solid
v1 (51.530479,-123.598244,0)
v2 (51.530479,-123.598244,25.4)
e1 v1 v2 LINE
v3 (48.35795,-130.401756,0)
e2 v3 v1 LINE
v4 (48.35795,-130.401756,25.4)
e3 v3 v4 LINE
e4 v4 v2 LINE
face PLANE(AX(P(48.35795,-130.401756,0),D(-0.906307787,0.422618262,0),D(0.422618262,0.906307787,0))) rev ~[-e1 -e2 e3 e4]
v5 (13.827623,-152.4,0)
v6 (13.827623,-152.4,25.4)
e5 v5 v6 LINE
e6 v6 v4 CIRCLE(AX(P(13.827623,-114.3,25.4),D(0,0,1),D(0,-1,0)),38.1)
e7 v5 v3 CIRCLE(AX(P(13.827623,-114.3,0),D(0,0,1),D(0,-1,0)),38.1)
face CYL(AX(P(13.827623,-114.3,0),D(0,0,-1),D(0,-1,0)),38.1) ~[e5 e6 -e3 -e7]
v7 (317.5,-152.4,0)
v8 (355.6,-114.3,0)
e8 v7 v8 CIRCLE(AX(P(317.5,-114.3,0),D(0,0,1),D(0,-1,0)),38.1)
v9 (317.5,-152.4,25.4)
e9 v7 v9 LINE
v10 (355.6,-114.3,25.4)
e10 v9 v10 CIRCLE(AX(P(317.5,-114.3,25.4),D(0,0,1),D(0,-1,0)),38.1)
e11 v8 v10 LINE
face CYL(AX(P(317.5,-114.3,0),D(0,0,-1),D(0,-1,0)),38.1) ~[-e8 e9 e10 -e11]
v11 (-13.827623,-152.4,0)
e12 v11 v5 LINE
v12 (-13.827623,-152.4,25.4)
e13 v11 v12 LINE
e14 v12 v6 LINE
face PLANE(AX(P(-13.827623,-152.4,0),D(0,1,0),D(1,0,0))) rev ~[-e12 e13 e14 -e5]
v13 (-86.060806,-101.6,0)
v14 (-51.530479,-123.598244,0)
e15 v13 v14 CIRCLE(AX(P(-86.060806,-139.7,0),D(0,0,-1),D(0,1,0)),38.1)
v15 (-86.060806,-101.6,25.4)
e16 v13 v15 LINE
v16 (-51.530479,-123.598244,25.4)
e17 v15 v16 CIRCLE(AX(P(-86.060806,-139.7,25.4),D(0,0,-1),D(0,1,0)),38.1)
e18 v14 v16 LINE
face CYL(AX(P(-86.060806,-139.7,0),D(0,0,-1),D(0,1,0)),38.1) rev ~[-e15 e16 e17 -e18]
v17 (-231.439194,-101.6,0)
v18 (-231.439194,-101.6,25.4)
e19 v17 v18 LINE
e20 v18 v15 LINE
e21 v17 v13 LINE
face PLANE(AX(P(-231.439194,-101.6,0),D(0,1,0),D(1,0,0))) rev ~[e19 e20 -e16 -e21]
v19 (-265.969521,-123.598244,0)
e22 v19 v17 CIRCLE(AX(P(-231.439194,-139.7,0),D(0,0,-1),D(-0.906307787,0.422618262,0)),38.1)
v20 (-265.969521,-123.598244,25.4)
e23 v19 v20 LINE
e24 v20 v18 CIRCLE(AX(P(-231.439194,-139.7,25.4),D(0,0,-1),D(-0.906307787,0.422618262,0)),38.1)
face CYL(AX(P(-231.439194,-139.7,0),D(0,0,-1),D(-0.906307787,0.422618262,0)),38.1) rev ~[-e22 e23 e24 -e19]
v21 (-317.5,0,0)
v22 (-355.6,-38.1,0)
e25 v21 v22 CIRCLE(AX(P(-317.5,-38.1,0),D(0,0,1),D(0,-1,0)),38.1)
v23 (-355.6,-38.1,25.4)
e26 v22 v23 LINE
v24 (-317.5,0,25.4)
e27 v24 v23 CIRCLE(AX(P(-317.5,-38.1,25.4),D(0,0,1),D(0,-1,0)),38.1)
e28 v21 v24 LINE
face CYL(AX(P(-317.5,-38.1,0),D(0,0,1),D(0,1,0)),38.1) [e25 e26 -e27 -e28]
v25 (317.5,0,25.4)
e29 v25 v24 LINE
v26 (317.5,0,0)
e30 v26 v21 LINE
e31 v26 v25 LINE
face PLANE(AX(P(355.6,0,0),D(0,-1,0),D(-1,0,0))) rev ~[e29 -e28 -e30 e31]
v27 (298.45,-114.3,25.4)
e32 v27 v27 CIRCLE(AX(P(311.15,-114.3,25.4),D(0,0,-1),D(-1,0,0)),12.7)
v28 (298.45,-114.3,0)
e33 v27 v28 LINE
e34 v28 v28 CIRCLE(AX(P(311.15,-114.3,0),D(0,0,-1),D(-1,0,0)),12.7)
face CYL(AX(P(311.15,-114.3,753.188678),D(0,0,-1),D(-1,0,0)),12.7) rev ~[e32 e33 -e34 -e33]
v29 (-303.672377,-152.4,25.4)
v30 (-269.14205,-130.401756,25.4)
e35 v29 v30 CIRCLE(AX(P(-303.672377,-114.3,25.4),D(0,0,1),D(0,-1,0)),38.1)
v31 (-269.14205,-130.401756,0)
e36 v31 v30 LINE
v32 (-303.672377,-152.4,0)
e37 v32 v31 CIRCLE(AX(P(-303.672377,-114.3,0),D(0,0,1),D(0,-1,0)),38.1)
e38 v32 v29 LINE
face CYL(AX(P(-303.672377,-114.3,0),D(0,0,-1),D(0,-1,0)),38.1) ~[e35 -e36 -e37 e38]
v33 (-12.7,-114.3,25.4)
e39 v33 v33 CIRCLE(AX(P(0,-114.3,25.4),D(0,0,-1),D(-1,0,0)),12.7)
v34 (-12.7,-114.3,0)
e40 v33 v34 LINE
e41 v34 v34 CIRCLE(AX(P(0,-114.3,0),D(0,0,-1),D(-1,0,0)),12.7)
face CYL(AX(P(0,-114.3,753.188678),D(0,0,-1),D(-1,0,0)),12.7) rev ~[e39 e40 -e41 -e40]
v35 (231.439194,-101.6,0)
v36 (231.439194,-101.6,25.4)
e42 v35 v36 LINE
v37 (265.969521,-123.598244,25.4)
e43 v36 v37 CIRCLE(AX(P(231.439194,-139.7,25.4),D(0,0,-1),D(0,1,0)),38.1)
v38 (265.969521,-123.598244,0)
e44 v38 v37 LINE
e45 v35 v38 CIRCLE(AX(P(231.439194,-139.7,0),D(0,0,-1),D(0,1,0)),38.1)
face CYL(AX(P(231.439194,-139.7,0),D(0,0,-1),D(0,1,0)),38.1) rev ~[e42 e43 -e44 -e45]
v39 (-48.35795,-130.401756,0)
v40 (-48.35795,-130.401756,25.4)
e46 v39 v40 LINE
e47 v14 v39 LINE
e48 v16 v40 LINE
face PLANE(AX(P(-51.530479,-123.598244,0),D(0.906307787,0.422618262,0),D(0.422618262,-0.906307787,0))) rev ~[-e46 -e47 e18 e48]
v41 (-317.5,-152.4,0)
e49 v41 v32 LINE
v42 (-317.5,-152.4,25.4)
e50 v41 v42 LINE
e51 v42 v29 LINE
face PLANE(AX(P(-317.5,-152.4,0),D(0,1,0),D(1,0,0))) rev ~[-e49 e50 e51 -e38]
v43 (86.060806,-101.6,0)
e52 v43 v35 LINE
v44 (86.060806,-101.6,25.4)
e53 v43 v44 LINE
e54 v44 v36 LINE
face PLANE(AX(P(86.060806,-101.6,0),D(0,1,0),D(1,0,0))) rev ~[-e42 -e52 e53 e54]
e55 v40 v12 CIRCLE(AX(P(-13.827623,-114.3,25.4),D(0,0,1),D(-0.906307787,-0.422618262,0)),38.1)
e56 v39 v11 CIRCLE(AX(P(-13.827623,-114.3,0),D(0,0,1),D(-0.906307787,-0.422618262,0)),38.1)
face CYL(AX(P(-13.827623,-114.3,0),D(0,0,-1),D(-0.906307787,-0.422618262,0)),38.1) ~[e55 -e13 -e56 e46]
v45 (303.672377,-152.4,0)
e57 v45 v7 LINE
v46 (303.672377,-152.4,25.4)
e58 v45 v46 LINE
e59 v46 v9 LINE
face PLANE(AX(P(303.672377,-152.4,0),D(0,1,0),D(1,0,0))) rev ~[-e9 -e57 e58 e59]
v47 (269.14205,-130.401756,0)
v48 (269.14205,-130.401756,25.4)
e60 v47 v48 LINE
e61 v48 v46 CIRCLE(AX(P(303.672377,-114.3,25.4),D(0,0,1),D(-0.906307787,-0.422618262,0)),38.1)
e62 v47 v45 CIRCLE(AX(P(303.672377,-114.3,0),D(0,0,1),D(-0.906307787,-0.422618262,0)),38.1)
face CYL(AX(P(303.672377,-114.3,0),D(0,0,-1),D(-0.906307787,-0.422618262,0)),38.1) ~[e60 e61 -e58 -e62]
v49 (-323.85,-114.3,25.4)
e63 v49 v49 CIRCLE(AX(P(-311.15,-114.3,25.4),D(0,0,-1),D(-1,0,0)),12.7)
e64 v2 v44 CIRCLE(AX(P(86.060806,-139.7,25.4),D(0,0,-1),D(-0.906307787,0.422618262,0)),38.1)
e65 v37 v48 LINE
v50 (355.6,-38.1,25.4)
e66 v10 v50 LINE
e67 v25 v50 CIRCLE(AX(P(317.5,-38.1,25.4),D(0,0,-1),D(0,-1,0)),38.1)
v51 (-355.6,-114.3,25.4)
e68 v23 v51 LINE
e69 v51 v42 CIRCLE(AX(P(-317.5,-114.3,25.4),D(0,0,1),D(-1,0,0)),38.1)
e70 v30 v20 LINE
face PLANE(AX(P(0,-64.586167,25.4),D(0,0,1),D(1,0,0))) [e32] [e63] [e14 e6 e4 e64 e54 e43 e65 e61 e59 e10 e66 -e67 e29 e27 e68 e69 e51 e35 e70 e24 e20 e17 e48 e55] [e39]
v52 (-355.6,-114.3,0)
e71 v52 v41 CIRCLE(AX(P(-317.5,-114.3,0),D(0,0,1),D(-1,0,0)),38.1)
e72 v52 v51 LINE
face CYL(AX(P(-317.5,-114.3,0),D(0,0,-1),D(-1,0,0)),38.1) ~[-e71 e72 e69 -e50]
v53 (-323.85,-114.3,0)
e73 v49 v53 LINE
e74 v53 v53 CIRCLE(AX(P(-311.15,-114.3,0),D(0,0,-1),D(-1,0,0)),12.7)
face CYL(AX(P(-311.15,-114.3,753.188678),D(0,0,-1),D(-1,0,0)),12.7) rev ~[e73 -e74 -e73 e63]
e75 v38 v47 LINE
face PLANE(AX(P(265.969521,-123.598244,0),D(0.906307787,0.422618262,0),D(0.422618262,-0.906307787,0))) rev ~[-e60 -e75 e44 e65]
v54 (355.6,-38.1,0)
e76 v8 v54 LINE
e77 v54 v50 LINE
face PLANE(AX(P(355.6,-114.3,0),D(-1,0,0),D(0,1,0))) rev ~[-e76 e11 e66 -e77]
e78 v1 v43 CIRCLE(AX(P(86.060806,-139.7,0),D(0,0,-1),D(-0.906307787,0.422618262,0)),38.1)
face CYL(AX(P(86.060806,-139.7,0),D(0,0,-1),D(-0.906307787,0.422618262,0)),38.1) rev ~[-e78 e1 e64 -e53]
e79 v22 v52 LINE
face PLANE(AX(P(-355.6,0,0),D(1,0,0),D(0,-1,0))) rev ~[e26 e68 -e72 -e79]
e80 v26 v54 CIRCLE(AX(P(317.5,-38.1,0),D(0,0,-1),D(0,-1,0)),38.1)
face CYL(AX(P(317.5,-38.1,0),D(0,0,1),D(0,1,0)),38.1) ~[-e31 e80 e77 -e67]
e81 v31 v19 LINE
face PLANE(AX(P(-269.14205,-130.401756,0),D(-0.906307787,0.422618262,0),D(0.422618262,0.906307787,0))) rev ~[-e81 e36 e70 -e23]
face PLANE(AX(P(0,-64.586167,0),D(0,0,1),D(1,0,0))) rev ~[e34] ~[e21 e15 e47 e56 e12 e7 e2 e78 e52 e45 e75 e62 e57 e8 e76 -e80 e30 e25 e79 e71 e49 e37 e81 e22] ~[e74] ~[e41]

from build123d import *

# Parameters (mm, degrees)
F1_DEPTH = 25.4
F2_R     = 38.1
F4_D     = 25.4


with BuildPart() as f1:
    # F0 (on Top) → F1 (new body)
    with BuildSketch(Plane.XY):
        with BuildLine():
            Line((355.6, 0), (-355.6, 0))
            Line((-355.6, 0), (-355.6, -114.3))
            ThreePointArc((-355.6, -114.3), (-344.4407683632, -141.2407683632), (-317.5, -152.4))
            Line((-317.5, -152.4), (-303.6723769368, -152.4))
            ThreePointArc((-303.6723769368, -152.4), (-283.2012618588, -146.4332140855), (-269.1420502507, -130.4017557723))
            Line((-269.1420502507, -130.4017557723), (-265.9695207151, -123.5982442277))
            ThreePointArc((-265.9695207151, -123.5982442277), (-251.910309107, -107.5667859145), (-231.439194029, -101.6))
            Line((-231.439194029, -101.6), (-86.060805971, -101.6))
            ThreePointArc((-86.060805971, -101.6), (-65.589690893, -107.5667859145), (-51.5304792849, -123.5982442277))
            Line((-51.5304792849, -123.5982442277), (-48.3579497493, -130.4017557723))
            ThreePointArc((-48.3579497493, -130.4017557723), (-34.2987381412, -146.4332140855), (-13.8276230632, -152.4))
            Line((-13.8276230632, -152.4), (13.8276230632, -152.4))
            ThreePointArc((13.8276230632, -152.4), (34.2987381412, -146.4332140855), (48.3579497493, -130.4017557723))
            Line((48.3579497493, -130.4017557723), (51.5304792849, -123.5982442277))
            ThreePointArc((51.5304792849, -123.5982442277), (65.589690893, -107.5667859145), (86.060805971, -101.6))
            Line((86.060805971, -101.6), (231.439194029, -101.6))
            ThreePointArc((231.439194029, -101.6), (251.910309107, -107.5667859145), (265.9695207151, -123.5982442277))
            Line((265.9695207151, -123.5982442277), (269.1420502507, -130.4017557723))
            ThreePointArc((269.1420502507, -130.4017557723), (283.2012618588, -146.4332140855), (303.6723769368, -152.4))
            Line((303.6723769368, -152.4), (317.5, -152.4))
            ThreePointArc((317.5, -152.4), (344.4407683632, -141.2407683632), (355.6, -114.3))
            Line((355.6, -114.3), (355.6, 0))
        make_face()
    extrude(amount=F1_DEPTH)

    # F2
    f2_edges = [f1.edges().sort_by_distance(p)[0] for p in [
        (355.6, 0, 12.7),
        (-355.6, 0, 12.7),
    ]]
    fillet(f2_edges, radius=F2_R)

    # F4 (through all)
    with Locations(Plane.XY.offset(25.4)):
        with Locations((-311.15, -114.3), (0, -114.3), (311.15, -114.3)):
            Hole(F4_D / 2)


solid = f1.part
